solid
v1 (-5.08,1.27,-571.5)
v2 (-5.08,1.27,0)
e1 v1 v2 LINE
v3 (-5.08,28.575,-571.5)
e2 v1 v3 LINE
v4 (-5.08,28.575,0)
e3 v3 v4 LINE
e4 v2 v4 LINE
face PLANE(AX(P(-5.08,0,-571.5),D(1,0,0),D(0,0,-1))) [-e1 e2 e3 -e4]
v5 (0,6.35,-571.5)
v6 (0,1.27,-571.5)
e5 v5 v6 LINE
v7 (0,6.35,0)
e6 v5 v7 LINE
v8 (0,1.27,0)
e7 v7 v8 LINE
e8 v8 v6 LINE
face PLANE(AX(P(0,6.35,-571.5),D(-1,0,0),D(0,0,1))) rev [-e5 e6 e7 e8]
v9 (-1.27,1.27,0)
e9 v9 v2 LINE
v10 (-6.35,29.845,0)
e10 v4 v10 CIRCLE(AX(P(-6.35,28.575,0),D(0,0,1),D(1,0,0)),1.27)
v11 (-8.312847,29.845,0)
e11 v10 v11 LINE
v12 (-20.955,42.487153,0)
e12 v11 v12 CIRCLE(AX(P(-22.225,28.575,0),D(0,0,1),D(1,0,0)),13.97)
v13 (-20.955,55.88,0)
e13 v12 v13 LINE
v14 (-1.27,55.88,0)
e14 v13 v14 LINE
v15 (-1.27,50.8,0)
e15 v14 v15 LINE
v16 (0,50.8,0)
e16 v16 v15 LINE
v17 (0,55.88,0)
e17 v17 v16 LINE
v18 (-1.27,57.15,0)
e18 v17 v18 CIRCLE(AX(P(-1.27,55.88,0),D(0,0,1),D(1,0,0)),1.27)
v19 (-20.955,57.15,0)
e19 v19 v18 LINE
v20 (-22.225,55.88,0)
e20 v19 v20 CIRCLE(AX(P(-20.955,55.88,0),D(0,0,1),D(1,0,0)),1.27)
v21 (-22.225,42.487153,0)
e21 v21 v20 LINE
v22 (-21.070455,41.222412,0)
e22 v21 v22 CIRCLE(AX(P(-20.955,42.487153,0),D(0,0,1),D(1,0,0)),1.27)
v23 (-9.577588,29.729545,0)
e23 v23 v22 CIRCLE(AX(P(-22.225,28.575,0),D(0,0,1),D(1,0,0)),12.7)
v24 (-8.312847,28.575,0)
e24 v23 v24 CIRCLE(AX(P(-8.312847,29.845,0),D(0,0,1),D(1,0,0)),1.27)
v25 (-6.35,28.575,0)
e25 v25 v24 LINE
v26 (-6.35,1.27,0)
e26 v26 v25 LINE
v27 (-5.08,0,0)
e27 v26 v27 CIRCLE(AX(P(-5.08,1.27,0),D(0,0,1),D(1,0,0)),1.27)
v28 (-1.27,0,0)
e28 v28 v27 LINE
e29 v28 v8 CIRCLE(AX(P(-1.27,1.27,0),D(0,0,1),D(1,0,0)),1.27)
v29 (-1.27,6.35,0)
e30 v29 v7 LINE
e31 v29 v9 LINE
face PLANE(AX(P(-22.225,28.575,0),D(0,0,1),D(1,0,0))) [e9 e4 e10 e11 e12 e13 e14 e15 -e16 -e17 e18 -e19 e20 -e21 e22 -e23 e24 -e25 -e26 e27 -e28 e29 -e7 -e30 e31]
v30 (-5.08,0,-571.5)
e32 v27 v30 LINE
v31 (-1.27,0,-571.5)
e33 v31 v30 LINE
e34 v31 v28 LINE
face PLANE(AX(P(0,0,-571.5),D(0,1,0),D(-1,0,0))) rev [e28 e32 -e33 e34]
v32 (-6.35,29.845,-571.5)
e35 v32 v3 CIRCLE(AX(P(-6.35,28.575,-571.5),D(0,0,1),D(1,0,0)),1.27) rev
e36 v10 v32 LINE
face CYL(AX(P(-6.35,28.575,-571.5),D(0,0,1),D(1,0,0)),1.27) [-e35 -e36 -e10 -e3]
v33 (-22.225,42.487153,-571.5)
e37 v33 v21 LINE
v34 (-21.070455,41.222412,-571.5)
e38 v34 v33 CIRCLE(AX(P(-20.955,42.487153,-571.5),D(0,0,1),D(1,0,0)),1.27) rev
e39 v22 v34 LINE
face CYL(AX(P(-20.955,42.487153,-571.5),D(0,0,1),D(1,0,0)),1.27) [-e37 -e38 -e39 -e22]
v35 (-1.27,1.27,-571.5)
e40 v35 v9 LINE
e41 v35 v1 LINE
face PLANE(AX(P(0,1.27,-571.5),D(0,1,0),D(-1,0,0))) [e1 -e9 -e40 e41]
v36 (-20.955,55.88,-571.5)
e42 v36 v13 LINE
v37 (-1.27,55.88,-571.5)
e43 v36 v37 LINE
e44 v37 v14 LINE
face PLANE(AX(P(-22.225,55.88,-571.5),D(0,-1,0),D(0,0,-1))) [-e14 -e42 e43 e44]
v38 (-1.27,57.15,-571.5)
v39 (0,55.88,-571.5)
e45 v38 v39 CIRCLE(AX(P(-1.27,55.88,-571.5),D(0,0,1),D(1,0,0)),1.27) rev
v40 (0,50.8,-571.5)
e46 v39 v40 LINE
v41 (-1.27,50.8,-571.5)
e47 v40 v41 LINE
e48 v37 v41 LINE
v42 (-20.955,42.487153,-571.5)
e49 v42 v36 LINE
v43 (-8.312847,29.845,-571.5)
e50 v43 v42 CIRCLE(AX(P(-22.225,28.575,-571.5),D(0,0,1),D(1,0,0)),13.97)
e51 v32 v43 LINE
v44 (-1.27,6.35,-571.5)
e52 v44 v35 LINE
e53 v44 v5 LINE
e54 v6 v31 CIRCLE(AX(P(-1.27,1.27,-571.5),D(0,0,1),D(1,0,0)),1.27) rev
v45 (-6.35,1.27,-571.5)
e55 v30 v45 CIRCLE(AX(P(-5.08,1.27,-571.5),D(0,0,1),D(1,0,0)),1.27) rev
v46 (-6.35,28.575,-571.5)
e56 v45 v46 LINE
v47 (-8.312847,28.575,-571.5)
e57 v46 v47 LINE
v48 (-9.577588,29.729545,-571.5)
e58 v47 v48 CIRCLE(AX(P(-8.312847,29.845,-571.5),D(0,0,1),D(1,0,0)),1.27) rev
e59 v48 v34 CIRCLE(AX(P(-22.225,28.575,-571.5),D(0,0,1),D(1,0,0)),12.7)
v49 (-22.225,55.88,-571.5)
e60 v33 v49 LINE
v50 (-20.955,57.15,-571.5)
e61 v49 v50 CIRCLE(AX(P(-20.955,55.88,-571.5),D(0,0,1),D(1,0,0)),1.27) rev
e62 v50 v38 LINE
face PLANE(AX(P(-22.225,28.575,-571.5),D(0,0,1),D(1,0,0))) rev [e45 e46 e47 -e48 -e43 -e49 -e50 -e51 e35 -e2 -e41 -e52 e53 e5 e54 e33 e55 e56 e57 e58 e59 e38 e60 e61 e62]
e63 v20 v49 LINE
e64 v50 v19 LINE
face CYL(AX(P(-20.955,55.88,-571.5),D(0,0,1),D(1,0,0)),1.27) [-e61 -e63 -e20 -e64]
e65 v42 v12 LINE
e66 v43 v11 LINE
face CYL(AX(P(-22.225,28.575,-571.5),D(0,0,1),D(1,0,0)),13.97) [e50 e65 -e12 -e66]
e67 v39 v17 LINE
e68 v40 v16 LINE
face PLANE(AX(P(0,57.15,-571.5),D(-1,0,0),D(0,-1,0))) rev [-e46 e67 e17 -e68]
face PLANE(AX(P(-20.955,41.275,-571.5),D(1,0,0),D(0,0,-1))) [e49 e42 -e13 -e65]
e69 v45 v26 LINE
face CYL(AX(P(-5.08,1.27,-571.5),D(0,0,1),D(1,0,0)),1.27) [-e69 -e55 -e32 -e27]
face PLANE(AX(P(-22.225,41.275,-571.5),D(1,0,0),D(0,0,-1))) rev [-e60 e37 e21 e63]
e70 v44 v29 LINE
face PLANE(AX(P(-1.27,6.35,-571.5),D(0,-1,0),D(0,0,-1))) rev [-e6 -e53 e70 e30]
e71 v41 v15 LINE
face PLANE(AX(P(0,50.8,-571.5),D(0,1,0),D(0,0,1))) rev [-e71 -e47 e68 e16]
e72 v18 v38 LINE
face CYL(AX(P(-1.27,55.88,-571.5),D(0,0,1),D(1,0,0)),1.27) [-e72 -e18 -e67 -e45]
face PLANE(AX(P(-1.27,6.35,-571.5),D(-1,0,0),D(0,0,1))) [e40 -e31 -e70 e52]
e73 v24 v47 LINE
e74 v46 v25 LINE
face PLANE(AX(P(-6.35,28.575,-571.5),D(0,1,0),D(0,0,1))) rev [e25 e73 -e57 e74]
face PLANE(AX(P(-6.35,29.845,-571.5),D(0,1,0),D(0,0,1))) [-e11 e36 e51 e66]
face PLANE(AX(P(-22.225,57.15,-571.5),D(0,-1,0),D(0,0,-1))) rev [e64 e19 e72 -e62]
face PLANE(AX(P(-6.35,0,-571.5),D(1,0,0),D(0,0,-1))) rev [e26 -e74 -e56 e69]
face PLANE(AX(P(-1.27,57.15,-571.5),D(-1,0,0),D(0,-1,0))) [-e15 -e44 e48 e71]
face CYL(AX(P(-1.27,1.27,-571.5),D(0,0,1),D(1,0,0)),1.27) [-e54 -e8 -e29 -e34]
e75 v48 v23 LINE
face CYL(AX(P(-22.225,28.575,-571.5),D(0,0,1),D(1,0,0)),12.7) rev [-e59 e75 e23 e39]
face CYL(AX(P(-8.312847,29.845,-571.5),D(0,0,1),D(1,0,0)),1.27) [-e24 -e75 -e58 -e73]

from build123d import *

# Parameters (mm, degrees)
EXTRUDE_THIN1_DEPTH = 571.5
FILLET1_R           = 1.27


with BuildPart() as part:
    # Sketch1 → Extrude-Thin1 (new body)
    with BuildSketch(Plane.XY):
        with BuildLine():
            Line((0, 6.35), (0, 0))
            Line((0, 0), (-6.35, 0))
            Line((-6.35, 0), (-6.35, 28.575))
            Line((-6.35, 28.575), (-9.525, 28.575))
            ThreePointArc((-9.525, 28.575), (-13.244743879, 37.555256121), (-22.225, 41.275))
            Line((-22.225, 41.275), (-22.225, 57.15))
            Line((-22.225, 57.15), (0, 57.15))
            Line((0, 57.15), (0, 50.8))
            Line((0, 50.8), (-1.27, 50.8))
            Line((-1.27, 50.8), (-1.27, 55.88))
            Line((-1.27, 55.88), (-20.955, 55.88))
            Line((-20.955, 55.88), (-20.955, 42.487152961))
            ThreePointArc((-20.955, 42.487152961), (-12.346718267, 38.453281733), (-8.312847039, 29.845))
            Line((-8.312847039, 29.845), (-5.08, 29.845))
            Line((-5.08, 29.845), (-5.08, 1.27))
            Line((-5.08, 1.27), (-1.27, 1.27))
            Line((-1.27, 1.27), (-1.27, 6.35))
            Line((-1.27, 6.35), (0, 6.35))
        make_face()
    extrude(amount=-EXTRUDE_THIN1_DEPTH)

    # Fillet1
    fillet1_edges = [part.edges().sort_by_distance(p)[0] for p in [
        (-5.08, 29.845, -285.75),
        (0, 0, -285.75),
        (-6.35, 0, -285.75),
        (-9.525, 28.575, -285.75),
        (-22.225, 41.275, -285.75),
        (-22.225, 57.15, -285.75),
        (0, 57.15, -285.75),
    ]]
    fillet(fillet1_edges, radius=FILLET1_R)


solid = part.part
